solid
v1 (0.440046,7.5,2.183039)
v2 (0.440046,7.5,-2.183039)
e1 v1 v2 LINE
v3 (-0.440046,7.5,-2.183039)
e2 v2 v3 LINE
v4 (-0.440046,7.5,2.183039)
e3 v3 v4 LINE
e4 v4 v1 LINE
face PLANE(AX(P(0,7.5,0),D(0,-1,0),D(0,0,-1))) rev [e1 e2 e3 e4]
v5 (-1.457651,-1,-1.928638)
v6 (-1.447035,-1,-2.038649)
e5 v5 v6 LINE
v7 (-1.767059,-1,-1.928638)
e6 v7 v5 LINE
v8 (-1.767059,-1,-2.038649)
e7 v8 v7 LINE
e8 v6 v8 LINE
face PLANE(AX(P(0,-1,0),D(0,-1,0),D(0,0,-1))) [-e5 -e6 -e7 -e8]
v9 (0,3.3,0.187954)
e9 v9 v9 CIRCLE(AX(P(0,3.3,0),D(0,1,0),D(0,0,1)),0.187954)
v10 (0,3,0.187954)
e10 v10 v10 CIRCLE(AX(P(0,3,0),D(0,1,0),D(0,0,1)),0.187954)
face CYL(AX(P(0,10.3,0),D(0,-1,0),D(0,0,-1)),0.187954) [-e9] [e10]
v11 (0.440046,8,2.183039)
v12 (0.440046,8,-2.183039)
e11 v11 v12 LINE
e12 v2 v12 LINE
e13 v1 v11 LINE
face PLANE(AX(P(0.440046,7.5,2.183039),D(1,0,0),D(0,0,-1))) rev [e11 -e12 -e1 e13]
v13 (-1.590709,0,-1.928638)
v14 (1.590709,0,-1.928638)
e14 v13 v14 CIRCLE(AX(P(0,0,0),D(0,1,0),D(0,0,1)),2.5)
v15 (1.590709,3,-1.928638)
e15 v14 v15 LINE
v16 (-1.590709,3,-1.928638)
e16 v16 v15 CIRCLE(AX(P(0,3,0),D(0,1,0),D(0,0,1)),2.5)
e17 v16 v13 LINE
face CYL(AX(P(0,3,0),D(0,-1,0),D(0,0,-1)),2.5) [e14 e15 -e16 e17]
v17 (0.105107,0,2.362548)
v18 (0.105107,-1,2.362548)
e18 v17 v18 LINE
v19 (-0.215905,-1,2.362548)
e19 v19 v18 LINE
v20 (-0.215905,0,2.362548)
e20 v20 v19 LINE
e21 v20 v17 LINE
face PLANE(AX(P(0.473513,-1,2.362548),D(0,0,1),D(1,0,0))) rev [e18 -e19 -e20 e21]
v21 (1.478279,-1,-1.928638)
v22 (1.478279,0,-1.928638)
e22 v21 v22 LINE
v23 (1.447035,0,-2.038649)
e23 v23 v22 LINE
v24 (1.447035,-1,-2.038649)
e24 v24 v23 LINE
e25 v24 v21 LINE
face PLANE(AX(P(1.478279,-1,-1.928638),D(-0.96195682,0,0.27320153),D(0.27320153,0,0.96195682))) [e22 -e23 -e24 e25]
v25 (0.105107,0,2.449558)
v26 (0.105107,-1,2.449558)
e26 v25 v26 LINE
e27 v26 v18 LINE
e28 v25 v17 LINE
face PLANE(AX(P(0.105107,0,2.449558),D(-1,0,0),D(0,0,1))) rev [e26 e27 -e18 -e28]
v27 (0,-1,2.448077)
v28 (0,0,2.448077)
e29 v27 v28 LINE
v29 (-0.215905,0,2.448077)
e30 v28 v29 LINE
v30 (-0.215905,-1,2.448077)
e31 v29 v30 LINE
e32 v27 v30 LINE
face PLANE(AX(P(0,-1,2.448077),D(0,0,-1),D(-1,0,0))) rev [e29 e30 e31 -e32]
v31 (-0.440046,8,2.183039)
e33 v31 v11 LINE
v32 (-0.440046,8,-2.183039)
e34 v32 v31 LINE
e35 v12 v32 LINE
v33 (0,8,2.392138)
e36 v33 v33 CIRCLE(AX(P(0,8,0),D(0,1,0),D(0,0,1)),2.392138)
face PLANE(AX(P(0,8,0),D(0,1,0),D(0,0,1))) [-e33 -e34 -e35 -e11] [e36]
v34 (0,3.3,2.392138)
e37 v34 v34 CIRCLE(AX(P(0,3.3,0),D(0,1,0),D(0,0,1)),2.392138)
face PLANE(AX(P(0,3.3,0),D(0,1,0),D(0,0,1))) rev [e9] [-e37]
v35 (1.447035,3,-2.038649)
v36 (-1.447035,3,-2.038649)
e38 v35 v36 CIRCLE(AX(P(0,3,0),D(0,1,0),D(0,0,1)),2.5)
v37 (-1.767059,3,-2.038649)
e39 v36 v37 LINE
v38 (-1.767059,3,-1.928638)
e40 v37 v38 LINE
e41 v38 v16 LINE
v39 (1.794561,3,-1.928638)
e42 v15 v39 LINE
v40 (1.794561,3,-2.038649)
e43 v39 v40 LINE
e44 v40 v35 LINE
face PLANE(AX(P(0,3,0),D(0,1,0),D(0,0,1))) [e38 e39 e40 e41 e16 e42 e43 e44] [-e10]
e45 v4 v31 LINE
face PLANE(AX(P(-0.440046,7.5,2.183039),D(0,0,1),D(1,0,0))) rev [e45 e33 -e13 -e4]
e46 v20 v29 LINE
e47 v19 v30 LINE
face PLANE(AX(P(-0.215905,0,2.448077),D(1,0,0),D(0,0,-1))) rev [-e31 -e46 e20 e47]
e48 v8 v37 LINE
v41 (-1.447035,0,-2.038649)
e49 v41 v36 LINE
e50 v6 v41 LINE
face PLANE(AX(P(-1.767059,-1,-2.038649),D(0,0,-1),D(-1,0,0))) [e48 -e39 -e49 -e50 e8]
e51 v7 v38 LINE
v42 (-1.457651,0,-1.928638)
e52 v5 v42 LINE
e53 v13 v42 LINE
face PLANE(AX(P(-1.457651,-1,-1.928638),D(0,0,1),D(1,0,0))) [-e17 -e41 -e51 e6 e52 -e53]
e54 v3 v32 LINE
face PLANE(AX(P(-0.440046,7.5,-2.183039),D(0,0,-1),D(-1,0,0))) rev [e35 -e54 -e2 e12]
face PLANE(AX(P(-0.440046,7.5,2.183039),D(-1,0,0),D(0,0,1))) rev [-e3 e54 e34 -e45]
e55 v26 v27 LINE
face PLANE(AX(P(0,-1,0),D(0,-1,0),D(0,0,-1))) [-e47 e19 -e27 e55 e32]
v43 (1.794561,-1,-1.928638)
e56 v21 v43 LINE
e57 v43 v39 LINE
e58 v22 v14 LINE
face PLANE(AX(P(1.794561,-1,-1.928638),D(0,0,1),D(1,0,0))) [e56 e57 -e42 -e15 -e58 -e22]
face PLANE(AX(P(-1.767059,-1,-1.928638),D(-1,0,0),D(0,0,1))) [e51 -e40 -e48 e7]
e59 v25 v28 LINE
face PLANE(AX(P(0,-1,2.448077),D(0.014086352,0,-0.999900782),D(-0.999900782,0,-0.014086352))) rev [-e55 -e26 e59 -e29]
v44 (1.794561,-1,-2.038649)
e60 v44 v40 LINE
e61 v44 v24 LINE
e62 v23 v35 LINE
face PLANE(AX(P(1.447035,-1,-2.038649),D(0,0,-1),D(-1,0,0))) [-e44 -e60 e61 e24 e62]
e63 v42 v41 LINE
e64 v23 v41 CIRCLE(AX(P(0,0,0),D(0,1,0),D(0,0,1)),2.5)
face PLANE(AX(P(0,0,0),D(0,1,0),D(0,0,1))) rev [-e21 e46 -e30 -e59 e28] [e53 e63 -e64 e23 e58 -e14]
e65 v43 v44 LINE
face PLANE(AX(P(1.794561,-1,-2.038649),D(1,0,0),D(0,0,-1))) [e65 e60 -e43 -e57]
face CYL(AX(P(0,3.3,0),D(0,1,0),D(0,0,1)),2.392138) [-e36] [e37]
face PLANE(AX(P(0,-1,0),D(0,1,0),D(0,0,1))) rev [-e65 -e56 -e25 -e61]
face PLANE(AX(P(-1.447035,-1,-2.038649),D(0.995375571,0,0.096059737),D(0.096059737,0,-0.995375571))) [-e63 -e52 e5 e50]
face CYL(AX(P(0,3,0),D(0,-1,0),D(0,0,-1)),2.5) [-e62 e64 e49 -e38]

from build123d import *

# Parameters (mm, degrees)
SKETCH_1_R          = 2.5
EXTRUDE_1_DEPTH     = 3
SKETCH_2_R          = 0.187953655
EXTRUDE_2_DEPTH     = 7.3
CUT_EXTRUDE_START   = -2.3
SKETCH_4_R          = 0.187953655
CUT_EXTRUDE_1_DEPTH = 2.3
SKETCH_6_R          = 2.392138428
EXTRUDE_3_DEPTH     = 4.7
SKETCH_7_W          = 0.880091412
SKETCH_7_H          = 4.366078492
CUT_EXTRUDE_3_DEPTH = 0.5
EXTRUDE_4_DEPTH     = 1
EXTRUDE_5_DEPTH     = 4
SKETCH_11_W         = 0.290967458
SKETCH_11_H         = 0.085529097
CUT_EXTRUDE_4_DEPTH = 1


with BuildPart() as part:
    # 草图1 → 凸台-拉伸1 (new body)
    with BuildSketch(Plane(origin=(0, 0, 0), x_dir=(1, 0, 0), z_dir=(0, 1, 0))):
        with Locations(Location((0, 0, 0), (0, 0, 270))):
            Circle(SKETCH_1_R)
    extrude(amount=EXTRUDE_1_DEPTH)

    # 草图2 → 凸台-拉伸2 (add)
    with BuildSketch(Plane(origin=(0, 3, 0), x_dir=(1, 0, 0), z_dir=(0, 1, 0))):
        with Locations(Location((0, 0, 0), (0, 0, 270))):
            Circle(SKETCH_2_R)
    extrude(amount=EXTRUDE_2_DEPTH)

    # 草图4 → 切除-拉伸1 (cut)
    with BuildSketch(Plane(origin=(0, 10.3, 0), x_dir=(1, 0, 0), z_dir=(0, 1, 0)).offset(CUT_EXTRUDE_START)):
        with Locations(Location((0, 0, 0), (0, 0, 270))):
            Circle(SKETCH_4_R)
    extrude(amount=CUT_EXTRUDE_1_DEPTH, mode=Mode.SUBTRACT)

    # 草图6 → 凸台-拉伸3 (add)
    with BuildSketch(Plane(origin=(0, 8, 0), x_dir=(1, 0, 0), z_dir=(0, 1, 0))):
        with Locations(Location((0, 0, 0), (0, 0, 270))):
            Circle(SKETCH_6_R)
    extrude(amount=-EXTRUDE_3_DEPTH)

    # 草图7 → 切除-拉伸3 (cut)
    with BuildSketch(Plane(origin=(0, 8, 0), x_dir=(1, 0, 0), z_dir=(0, 1, 0))):
        Rectangle(SKETCH_7_W, SKETCH_7_H)
    extrude(amount=-CUT_EXTRUDE_3_DEPTH, mode=Mode.SUBTRACT)

    # 草图9 → 凸台-拉伸4 (add)
    with BuildSketch(Plane.XZ):
        Polygon((0, 2.448076853), (0.473512734, 2.454747582), (0.473512734, 2.362547756), (-0.506872491, 2.362547756), (-0.506872491, 2.448076853), align=None)
    extrude(amount=EXTRUDE_4_DEPTH)

    # 草图10 → 凸台-拉伸5 (add)
    with BuildSketch(Plane(origin=(0, 3, 0), x_dir=(1, 0, 0), z_dir=(0, 1, 0))):
        Polygon((-1.457651402, 1.928637822), (-1.767058539, 1.928637822), (-1.767058539, 2.038649249), (-1.447034637, 2.038649249), align=None)
        Polygon((1.478278545, 1.928637822), (1.447034637, 2.038649249), (1.794561396, 2.038649249), (1.794561396, 1.928637822), align=None)
    extrude(amount=-EXTRUDE_5_DEPTH)

    # 草图11 → 切除-拉伸4 (cut)
    with BuildSketch(Plane.XZ.offset(1)):
        with Locations((-0.361388762, 2.405312305)):
            Rectangle(SKETCH_11_W, SKETCH_11_H)
        Polygon((0.105106814, 2.449557571), (0.105106814, 2.362547756), (0.473512734, 2.362547756), (0.473512734, 2.454747582), align=None)
    extrude(amount=-CUT_EXTRUDE_4_DEPTH, mode=Mode.SUBTRACT)


solid = part.part
